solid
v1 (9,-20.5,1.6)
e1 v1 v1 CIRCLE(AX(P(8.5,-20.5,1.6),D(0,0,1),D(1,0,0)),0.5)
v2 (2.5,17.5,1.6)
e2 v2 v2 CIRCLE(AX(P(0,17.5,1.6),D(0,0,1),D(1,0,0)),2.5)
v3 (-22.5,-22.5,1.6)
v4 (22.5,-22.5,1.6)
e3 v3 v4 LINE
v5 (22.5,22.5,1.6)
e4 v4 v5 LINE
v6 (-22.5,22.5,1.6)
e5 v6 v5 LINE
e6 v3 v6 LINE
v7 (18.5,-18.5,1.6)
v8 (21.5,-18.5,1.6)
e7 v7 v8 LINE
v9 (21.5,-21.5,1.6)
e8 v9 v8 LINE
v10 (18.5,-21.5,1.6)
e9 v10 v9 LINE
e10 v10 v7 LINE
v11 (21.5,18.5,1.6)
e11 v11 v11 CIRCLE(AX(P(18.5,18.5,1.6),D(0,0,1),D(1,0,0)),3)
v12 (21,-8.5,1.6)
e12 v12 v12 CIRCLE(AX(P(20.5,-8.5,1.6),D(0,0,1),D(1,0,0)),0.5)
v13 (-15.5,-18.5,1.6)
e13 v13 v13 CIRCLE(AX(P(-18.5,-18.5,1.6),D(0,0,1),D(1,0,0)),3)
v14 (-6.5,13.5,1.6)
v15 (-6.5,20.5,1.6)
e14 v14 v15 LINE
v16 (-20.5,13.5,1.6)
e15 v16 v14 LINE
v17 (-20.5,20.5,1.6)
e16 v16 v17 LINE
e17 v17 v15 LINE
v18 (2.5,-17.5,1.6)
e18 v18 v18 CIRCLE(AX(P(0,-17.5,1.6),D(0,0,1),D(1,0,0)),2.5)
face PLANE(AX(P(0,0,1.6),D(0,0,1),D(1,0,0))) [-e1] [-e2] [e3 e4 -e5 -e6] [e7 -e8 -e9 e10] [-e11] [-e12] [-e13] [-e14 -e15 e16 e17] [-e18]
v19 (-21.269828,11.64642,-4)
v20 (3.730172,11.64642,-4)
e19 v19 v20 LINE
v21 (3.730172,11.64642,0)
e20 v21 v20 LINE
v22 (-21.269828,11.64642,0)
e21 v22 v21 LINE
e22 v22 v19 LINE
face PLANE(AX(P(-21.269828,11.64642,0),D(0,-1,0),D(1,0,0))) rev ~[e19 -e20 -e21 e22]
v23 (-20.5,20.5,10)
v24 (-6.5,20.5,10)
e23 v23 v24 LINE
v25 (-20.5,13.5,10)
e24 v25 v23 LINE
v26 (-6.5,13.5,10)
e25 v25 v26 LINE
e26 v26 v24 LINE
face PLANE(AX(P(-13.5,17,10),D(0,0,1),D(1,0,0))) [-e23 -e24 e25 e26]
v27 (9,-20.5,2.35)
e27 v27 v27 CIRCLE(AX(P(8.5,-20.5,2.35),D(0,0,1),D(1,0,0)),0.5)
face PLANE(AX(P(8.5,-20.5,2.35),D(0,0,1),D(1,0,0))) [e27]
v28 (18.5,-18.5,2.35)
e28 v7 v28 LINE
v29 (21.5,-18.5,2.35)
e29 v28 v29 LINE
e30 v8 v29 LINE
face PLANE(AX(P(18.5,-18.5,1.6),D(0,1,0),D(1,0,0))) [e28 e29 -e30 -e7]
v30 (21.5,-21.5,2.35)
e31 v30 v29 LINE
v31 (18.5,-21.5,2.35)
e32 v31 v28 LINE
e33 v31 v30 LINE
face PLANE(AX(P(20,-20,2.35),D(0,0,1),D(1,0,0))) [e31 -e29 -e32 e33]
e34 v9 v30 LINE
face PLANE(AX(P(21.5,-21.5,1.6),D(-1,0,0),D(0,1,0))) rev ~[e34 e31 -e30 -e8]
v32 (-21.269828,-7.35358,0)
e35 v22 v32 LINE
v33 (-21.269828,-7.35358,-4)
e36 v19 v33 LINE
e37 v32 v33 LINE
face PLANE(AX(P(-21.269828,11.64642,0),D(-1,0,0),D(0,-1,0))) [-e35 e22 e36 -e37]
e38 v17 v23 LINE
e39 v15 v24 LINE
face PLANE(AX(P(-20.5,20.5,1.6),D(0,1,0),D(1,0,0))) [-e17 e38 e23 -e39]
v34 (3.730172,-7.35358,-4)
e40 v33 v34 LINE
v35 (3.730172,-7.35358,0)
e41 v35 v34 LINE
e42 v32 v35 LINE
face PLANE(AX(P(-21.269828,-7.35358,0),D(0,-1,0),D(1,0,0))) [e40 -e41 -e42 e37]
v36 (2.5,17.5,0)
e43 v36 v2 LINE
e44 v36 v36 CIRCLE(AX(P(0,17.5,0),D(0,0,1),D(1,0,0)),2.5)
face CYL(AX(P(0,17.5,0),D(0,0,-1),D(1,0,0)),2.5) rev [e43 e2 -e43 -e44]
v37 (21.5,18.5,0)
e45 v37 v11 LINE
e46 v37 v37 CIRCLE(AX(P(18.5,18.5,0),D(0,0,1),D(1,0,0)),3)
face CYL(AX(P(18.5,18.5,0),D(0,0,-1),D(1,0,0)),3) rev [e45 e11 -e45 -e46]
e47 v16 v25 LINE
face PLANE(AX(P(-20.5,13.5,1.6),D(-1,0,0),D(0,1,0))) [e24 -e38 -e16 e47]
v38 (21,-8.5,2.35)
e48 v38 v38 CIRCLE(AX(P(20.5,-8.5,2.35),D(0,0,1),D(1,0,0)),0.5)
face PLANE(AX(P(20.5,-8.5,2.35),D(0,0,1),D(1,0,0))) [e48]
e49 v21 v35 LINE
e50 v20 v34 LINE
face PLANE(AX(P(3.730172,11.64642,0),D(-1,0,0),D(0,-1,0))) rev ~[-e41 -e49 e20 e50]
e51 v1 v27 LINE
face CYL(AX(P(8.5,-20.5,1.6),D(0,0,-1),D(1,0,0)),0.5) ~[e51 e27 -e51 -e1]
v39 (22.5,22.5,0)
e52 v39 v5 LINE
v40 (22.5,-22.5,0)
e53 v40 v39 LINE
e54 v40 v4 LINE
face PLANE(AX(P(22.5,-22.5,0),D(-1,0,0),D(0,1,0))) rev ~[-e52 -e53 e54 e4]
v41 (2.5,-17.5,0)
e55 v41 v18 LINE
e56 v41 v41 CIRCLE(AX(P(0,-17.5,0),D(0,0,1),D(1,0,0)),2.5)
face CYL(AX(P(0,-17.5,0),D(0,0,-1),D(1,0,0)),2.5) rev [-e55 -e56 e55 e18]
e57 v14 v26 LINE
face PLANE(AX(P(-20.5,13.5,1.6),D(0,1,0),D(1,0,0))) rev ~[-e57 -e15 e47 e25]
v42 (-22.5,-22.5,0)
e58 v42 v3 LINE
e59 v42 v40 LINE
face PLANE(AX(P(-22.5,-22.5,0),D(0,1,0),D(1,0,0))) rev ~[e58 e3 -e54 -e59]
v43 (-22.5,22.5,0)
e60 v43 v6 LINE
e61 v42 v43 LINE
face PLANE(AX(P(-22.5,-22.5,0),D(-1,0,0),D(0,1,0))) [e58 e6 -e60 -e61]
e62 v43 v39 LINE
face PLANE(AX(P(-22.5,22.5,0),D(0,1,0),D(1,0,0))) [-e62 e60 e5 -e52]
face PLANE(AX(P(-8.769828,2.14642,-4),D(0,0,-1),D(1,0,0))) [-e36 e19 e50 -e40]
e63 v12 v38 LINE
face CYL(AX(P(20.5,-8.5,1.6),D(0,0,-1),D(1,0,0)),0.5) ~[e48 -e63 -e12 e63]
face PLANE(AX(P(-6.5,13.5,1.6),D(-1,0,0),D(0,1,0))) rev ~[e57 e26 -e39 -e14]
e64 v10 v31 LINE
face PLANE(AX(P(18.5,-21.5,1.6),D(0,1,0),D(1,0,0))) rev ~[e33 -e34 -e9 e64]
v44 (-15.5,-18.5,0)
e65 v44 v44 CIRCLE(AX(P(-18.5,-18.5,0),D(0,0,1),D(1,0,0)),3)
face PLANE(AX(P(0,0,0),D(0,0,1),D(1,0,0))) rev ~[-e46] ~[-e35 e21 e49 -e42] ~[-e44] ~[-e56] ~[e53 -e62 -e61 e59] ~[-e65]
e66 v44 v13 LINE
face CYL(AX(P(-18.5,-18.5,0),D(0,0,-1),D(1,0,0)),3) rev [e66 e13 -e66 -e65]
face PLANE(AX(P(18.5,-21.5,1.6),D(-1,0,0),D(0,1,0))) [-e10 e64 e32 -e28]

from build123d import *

# Parameters (mm, degrees)
F0_W     = 45
F0_H     = 45
F0_R     = 3
F0_R_2   = 2.5
F1_DEPTH = 1.6
F2_W     = 3
F2_H     = 3
F2_R     = 0.5
F3_DEPTH = 0.75
F4_W     = 25
F4_H     = 19
F5_DEPTH = 4
F6_W     = 14
F6_H     = 7
F7_DEPTH = 8.4


with BuildPart() as f1:
    # F0 (on Top) → F1 (new body)
    with BuildSketch(Plane.XY):
        Rectangle(F0_W, F0_H)
        with Locations((-18.5, -18.5)):
            Circle(F0_R, mode=Mode.SUBTRACT)
        with Locations((0, -17.5)):
            Circle(F0_R_2, mode=Mode.SUBTRACT)
        with Locations((0, 17.5)):
            Circle(F0_R_2, mode=Mode.SUBTRACT)
        with Locations((18.5, 18.5)):
            Circle(F0_R, mode=Mode.SUBTRACT)
    extrude(amount=F1_DEPTH)

    # F2 (on face) → F3 (join)
    with BuildSketch(Plane.XY.offset(1.6)):
        with Locations((20, -20)):
            Rectangle(F2_W, F2_H)
        with Locations((20.5, -8.5)):
            Circle(F2_R)
        with Locations((8.5, -20.5)):
            Circle(F2_R)
    extrude(amount=F3_DEPTH)

    # F4 (on face) → F5 (join)
    with BuildSketch(Plane(origin=(0, 0, 0), x_dir=(1, 0, 0), z_dir=(0, 0, -1))):
        with Locations((-8.769828, -2.14642)):
            Rectangle(F4_W, F4_H)
    extrude(amount=F5_DEPTH)

    # F6 (on face) → F7 (join)
    with BuildSketch(Plane.XY.offset(1.6)):
        with Locations((-13.5, 17)):
            Rectangle(F6_W, F6_H)
    extrude(amount=F7_DEPTH)


solid = f1.part
